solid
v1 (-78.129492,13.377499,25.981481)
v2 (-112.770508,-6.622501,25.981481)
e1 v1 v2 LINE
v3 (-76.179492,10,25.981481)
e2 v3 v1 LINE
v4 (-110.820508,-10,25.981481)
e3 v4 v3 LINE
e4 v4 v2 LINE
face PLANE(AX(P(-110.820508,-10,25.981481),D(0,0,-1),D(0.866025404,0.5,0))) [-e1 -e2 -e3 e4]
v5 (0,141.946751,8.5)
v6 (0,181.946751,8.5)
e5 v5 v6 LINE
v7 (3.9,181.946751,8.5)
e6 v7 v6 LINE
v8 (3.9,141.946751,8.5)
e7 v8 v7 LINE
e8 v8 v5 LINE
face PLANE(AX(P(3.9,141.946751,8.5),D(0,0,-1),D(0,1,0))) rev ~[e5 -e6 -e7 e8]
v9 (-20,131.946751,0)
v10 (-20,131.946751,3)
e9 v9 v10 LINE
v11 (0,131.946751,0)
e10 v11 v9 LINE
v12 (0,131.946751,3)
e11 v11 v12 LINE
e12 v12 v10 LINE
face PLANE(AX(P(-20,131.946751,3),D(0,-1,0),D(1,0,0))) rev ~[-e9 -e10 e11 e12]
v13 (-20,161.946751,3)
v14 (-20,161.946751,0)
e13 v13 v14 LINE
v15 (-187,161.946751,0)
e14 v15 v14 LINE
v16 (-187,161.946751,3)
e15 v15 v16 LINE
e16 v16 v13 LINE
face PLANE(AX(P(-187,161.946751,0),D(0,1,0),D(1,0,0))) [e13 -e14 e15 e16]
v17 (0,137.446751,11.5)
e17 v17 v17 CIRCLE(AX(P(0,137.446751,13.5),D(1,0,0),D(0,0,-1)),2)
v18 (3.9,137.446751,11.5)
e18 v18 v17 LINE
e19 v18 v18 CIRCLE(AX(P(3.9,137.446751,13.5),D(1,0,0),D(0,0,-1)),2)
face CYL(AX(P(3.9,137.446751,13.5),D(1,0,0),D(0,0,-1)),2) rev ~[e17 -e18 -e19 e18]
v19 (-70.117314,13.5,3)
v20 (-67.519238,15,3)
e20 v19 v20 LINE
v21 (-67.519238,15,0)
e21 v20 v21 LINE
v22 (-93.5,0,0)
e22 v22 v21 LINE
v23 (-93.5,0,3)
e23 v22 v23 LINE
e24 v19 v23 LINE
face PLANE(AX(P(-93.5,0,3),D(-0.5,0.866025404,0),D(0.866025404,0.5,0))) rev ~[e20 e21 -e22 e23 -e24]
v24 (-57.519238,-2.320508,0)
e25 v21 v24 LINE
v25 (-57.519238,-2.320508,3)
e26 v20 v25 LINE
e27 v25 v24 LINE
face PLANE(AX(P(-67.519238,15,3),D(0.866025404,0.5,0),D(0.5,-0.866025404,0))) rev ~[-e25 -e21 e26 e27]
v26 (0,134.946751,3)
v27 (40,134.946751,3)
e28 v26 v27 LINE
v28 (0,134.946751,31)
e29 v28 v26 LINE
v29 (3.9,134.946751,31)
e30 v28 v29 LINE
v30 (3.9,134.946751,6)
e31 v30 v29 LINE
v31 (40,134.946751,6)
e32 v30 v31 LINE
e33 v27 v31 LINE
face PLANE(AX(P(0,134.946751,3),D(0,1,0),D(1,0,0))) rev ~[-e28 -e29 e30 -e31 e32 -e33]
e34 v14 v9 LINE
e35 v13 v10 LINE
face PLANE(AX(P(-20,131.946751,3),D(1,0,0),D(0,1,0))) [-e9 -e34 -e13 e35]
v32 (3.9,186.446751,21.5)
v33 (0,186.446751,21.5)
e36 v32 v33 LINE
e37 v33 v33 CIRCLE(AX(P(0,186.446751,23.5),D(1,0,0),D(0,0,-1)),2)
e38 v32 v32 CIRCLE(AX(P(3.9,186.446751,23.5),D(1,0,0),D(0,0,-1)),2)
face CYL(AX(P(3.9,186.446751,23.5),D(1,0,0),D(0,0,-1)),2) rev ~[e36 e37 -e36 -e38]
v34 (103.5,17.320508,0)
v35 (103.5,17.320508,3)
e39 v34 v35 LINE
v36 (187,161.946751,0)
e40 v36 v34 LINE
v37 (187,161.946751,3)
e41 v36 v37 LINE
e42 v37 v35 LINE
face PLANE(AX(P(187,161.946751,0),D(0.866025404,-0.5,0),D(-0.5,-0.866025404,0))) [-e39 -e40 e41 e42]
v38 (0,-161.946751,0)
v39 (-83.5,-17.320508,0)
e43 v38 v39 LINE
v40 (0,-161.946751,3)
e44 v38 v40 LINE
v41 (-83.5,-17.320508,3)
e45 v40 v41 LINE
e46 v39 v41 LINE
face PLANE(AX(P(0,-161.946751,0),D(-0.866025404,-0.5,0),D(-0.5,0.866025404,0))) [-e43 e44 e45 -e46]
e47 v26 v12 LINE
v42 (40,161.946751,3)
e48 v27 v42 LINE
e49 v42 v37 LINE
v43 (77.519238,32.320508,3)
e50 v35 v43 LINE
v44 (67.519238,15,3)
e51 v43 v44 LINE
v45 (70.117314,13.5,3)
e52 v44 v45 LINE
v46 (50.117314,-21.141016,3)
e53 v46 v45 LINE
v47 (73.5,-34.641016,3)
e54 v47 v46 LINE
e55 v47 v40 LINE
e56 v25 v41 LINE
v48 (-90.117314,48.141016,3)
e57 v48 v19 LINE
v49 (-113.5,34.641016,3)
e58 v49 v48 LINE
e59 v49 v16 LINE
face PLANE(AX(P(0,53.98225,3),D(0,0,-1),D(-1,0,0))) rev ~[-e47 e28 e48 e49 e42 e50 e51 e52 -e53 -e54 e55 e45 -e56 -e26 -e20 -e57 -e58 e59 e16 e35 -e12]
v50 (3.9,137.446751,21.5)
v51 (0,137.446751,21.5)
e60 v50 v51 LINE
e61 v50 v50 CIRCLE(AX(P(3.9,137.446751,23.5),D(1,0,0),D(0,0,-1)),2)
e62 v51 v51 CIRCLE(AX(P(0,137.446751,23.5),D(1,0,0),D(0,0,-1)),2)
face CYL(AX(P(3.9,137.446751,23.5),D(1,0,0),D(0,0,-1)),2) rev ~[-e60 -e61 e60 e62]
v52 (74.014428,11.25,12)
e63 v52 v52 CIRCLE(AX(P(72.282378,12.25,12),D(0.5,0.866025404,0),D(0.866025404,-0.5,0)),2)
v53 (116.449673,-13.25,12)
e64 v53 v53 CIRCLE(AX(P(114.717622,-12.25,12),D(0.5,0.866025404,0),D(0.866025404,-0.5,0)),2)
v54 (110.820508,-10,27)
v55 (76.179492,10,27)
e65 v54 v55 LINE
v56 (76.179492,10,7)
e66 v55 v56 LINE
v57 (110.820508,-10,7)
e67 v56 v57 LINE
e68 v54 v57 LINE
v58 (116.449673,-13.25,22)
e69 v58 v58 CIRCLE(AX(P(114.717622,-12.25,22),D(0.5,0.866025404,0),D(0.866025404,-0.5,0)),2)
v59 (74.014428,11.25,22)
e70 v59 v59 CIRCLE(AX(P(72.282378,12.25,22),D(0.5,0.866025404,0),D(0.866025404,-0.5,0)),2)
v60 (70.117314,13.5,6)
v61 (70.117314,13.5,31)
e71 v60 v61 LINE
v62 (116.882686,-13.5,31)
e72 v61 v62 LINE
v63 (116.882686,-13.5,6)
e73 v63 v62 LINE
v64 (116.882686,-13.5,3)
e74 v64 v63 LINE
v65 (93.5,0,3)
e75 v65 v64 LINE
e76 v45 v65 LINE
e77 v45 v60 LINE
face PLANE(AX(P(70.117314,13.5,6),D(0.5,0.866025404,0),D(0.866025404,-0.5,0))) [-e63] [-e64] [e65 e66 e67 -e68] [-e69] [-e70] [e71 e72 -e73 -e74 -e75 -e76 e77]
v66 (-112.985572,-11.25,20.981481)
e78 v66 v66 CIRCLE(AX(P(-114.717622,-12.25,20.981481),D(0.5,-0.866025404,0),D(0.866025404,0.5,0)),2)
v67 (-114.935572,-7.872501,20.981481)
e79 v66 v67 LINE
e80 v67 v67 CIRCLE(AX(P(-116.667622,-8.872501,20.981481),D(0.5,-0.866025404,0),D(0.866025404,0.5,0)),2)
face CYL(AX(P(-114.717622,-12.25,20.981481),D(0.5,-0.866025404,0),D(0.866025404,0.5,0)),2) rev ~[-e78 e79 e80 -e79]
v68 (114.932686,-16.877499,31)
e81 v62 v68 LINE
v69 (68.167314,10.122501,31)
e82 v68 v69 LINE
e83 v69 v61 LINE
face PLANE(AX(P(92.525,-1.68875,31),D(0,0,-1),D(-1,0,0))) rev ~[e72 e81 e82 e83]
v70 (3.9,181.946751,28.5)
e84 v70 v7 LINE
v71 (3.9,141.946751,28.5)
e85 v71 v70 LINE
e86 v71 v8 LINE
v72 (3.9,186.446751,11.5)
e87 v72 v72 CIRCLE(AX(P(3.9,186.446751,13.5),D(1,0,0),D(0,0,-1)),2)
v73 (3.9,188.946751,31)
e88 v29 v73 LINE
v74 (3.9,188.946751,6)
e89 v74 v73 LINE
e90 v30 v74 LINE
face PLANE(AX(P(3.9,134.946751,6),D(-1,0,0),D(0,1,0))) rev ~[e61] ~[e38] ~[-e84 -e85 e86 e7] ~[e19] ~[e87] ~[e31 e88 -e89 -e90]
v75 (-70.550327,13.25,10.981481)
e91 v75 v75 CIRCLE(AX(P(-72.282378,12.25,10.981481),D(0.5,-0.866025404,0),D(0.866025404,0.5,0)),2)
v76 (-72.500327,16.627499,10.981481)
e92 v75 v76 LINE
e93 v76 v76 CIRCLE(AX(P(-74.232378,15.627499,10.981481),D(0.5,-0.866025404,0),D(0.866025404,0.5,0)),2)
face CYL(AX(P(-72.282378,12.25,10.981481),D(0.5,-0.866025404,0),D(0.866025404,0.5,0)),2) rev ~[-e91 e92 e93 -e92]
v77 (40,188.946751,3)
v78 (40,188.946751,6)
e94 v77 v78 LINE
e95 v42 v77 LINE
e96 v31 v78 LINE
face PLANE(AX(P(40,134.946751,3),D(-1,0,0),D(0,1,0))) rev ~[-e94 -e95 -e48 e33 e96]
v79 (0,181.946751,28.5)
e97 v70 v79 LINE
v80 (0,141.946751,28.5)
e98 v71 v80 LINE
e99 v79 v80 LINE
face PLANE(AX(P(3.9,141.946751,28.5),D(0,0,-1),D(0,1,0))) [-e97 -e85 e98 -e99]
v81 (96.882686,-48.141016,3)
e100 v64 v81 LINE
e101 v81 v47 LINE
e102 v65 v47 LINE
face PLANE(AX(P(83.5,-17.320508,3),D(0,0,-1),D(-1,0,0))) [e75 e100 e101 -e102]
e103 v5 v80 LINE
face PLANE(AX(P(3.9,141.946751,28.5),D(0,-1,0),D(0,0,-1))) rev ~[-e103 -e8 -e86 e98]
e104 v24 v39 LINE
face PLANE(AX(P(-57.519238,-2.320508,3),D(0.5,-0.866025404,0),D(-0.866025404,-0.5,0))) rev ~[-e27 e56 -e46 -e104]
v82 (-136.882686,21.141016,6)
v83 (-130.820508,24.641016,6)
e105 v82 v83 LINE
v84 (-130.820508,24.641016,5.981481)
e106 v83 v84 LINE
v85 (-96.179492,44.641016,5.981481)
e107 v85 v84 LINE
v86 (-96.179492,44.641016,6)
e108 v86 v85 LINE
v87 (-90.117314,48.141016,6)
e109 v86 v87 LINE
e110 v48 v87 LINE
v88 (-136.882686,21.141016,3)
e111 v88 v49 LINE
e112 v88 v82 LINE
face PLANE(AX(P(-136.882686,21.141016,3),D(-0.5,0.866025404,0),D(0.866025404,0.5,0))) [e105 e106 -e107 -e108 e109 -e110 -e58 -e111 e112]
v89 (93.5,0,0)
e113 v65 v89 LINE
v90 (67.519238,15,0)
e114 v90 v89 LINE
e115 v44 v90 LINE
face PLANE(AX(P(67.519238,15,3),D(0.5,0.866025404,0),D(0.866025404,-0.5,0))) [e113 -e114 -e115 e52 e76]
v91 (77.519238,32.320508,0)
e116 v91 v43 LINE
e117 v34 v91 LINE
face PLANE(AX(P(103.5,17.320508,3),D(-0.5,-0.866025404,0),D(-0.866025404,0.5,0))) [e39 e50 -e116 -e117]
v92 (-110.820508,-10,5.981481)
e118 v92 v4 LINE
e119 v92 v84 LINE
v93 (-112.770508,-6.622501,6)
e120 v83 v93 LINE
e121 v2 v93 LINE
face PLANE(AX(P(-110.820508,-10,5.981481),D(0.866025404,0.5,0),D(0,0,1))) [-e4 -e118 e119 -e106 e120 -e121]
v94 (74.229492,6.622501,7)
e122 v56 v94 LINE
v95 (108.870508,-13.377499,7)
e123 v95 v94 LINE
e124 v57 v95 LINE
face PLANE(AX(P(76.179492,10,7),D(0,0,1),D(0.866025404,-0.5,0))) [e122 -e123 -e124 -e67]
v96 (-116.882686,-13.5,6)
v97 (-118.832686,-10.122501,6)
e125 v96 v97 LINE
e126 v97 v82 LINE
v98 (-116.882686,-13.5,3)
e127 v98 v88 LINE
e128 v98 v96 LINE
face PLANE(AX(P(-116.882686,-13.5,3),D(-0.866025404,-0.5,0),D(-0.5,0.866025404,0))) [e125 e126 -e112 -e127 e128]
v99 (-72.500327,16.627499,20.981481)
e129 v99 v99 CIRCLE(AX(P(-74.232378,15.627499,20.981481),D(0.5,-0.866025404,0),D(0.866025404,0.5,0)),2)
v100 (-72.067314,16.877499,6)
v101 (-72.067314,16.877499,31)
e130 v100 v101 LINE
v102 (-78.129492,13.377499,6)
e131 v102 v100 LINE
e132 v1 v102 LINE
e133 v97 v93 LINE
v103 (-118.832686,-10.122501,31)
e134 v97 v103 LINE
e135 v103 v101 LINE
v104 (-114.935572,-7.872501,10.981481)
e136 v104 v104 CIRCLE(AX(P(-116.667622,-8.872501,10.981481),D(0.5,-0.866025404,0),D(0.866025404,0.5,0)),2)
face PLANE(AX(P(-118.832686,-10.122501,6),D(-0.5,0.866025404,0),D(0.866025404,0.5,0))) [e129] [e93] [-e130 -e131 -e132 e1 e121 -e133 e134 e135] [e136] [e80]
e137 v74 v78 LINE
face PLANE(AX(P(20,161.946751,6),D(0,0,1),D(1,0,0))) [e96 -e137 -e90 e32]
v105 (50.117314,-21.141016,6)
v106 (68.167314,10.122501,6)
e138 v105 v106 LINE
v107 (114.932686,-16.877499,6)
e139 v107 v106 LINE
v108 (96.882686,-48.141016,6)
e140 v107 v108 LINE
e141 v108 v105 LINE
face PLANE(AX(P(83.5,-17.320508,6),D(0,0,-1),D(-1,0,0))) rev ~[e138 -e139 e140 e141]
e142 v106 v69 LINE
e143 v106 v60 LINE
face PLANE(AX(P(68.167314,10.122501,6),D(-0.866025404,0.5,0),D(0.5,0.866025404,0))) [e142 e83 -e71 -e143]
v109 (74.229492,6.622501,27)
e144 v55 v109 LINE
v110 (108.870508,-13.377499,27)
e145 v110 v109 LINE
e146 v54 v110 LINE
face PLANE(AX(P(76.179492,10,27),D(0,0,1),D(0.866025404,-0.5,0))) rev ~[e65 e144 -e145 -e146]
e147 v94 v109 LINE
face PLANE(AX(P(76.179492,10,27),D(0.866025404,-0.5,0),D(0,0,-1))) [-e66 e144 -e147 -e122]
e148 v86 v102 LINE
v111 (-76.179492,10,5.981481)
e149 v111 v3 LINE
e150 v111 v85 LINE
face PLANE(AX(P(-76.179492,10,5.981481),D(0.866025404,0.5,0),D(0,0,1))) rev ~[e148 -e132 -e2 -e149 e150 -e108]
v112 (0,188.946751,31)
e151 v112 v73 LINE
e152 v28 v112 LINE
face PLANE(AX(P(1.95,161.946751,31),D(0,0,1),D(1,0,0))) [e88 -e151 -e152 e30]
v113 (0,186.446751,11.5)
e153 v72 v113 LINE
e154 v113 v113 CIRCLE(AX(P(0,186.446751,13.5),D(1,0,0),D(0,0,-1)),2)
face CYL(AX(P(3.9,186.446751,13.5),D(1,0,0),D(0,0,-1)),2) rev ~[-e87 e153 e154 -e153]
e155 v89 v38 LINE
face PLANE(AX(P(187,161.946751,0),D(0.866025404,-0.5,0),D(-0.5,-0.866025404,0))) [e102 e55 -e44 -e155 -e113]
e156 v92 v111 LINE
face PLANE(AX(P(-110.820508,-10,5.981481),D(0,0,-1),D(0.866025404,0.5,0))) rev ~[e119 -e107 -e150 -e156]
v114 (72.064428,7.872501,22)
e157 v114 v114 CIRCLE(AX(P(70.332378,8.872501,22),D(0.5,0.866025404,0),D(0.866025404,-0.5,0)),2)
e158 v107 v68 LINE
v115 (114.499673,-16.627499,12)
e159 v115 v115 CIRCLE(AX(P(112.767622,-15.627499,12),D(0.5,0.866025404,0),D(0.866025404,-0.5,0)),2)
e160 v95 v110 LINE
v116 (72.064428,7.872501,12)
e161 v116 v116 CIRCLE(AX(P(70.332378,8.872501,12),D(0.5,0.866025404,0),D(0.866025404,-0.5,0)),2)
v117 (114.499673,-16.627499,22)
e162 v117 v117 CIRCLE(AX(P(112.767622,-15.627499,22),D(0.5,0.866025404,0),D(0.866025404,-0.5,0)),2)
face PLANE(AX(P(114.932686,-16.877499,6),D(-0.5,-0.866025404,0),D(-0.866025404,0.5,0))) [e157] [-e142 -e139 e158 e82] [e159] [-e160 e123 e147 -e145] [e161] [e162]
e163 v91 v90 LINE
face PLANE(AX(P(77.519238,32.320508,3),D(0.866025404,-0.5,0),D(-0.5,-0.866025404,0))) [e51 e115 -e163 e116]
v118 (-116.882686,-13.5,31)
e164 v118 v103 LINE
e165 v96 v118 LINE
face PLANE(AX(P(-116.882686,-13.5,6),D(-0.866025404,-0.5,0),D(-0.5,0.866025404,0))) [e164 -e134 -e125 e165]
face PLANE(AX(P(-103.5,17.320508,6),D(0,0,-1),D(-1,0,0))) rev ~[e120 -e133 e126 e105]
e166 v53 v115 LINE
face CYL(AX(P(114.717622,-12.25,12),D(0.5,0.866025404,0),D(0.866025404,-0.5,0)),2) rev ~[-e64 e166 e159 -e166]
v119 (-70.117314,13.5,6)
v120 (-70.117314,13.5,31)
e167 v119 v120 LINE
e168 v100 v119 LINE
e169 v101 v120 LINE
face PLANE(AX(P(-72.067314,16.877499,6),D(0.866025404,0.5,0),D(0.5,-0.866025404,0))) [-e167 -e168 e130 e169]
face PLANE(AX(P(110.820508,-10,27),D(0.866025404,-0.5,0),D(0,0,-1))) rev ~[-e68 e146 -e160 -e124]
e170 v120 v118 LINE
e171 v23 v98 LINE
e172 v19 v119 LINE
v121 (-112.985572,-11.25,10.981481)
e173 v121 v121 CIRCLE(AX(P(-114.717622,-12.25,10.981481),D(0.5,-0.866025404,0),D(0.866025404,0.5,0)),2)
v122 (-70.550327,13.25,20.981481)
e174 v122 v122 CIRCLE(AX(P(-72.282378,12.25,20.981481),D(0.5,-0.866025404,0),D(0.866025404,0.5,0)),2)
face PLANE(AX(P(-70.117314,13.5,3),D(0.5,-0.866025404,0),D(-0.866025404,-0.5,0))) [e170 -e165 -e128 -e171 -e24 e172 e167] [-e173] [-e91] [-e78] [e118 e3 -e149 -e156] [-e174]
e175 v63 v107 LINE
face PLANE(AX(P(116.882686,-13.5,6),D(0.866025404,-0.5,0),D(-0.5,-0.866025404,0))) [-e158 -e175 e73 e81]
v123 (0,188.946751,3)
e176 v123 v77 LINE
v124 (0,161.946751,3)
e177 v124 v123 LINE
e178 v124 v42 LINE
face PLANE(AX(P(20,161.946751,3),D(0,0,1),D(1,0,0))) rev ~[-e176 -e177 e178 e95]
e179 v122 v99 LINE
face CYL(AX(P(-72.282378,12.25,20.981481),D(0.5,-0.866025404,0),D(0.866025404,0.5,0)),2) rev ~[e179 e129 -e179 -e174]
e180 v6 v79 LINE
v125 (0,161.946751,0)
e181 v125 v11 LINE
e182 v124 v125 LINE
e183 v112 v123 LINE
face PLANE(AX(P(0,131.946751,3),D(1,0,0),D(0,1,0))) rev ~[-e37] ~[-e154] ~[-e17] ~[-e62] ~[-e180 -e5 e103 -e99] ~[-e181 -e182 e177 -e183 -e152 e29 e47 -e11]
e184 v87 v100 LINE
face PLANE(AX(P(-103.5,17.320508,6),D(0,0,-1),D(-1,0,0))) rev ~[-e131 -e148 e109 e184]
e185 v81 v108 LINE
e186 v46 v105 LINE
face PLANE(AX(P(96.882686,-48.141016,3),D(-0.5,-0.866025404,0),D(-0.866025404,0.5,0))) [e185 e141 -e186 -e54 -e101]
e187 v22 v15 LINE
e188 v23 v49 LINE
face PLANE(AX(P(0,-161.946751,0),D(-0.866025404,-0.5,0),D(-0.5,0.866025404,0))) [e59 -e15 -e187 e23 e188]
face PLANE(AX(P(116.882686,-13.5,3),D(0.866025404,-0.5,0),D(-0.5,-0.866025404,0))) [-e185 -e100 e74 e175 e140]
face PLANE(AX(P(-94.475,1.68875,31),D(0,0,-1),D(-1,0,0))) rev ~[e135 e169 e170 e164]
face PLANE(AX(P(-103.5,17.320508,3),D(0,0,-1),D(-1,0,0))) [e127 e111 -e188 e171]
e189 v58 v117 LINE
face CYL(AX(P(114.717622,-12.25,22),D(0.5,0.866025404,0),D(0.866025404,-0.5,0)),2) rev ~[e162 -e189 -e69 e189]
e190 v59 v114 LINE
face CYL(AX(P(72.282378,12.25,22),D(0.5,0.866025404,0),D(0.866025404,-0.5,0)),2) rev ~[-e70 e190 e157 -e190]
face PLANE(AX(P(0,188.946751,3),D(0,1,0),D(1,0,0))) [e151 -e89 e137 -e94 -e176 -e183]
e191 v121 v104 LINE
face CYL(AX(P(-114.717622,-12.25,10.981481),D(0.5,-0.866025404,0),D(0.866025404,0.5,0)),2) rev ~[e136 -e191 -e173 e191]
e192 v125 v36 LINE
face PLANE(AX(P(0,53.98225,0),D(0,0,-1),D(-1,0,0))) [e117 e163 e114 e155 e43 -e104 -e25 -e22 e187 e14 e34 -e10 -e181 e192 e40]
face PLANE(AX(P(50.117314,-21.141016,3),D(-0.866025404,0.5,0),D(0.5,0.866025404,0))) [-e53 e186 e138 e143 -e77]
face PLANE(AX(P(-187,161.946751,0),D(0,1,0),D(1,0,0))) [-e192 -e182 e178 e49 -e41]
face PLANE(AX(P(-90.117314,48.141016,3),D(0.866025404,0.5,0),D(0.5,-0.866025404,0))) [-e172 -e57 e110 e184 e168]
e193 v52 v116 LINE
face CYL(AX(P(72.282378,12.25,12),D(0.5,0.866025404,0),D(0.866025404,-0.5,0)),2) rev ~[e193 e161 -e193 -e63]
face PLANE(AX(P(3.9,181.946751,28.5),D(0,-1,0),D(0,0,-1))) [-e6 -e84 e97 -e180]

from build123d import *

# Parameters (mm, degrees)
BOSS_EXTRUDE1_DEPTH     = 3
SKETCH4_W               = 40
SKETCH4_H               = 54
BOSS_EXTRUDE2_DEPTH     = 3
SKETCH11_W              = 3.9
SKETCH11_H              = 54
BOSS_EXTRUDE3_DEPTH     = 25
SKETCH16_R              = 2
SKETCH16_W              = 20
SKETCH16_H              = 40
CUT_EXTRUDE2_DEPTH      = 184.1
CUT_EXTRUDE2_DEPTH_BACK = 191.9
SKETCH13_R              = 2
SKETCH13_W              = 40
SKETCH13_H              = 20
CUT_EXTRUDE3_DEPTH      = 211.382685902
CUT_EXTRUDE3_DEPTH_BACK = 281.5
SKETCH12_R              = 2
SKETCH12_W              = 40
SKETCH12_H              = 20
CUT_EXTRUDE4_DEPTH      = 281.5
CUT_EXTRUDE4_DEPTH_BACK = 211.382685902
SKETCH17_W              = 20
SKETCH17_H              = 30
CUT_EXTRUDE5_DEPTH      = 80


with BuildPart() as part:
    # Sketch2 → Boss-Extrude1 (new body)
    with BuildSketch(Plane.XY):
        Polygon((-187, 161.946750508), (187, 161.946750508), (0, -161.946750508), align=None)
    extrude(amount=BOSS_EXTRUDE1_DEPTH)

    # Sketch4 → Boss-Extrude2 (add)
    with BuildSketch(Plane.XY.offset(3)):
        Polygon((116.882685902, -13.5), (96.882685902, -48.141016151), (50.117314098, -21.141016151), (70.117314098, 13.5), align=None)
        Polygon((-116.882685902, -13.5), (-136.882685902, 21.141016151), (-90.117314098, 48.141016151), (-70.117314098, 13.5), align=None)
        with Locations((20, 161.946750508)):
            Rectangle(SKETCH4_W, SKETCH4_H)
    extrude(amount=BOSS_EXTRUDE2_DEPTH)

    # Sketch11 → Boss-Extrude3 (add)
    with BuildSketch(Plane.XY.offset(6)):
        Polygon((116.882685902, -13.5), (114.932685902, -16.877499075), (68.167314098, 10.122500925), (70.117314098, 13.5), align=None)
        Polygon((-116.882685902, -13.5), (-118.832685902, -10.122500925), (-72.067314098, 16.877499075), (-70.117314098, 13.5), align=None)
        with Locations((1.95, 161.946750508)):
            Rectangle(SKETCH11_W, SKETCH11_H)
    extrude(amount=BOSS_EXTRUDE3_DEPTH)

    # Sketch16 → Cut-Extrude2 (cut, two sides)
    with BuildSketch(Plane(origin=(3.9, 0, 0), x_dir=(0, 0, -1), z_dir=(1, 0, 0))) as cut_extrude2_sk:
        with Locations((-13.5, 186.446750508)):
            Circle(SKETCH16_R)
        with Locations((-23.5, 186.446750508)):
            Circle(SKETCH16_R)
        with Locations((-23.5, 137.446750508)):
            Circle(SKETCH16_R)
        with Locations((-13.5, 137.446750508)):
            Circle(SKETCH16_R)
        with Locations((-18.5, 161.946750508)):
            Rectangle(SKETCH16_W, SKETCH16_H)
    extrude(amount=CUT_EXTRUDE2_DEPTH, mode=Mode.SUBTRACT)
    extrude(cut_extrude2_sk.sketch, amount=-CUT_EXTRUDE2_DEPTH_BACK, mode=Mode.SUBTRACT)

    # Sketch13 → Cut-Extrude3 (cut, two sides)
    with BuildSketch(Plane(origin=(23.375, 40.486687627, 0), x_dir=(0.866025404, -0.5, 0), z_dir=(0.5, 0.866025404, 0))) as cut_extrude3_sk:
        with Locations((105.473375254, -22)):
            Circle(SKETCH13_R)
        with Locations((105.473375254, -12)):
            Circle(SKETCH13_R)
        with Locations((56.473375254, -12)):
            Circle(SKETCH13_R)
        with Locations((56.473375254, -22)):
            Circle(SKETCH13_R)
        with Locations((80.973375254, -17)):
            Rectangle(SKETCH13_W, SKETCH13_H)
    extrude(amount=CUT_EXTRUDE3_DEPTH, mode=Mode.SUBTRACT)
    extrude(cut_extrude3_sk.sketch, amount=-CUT_EXTRUDE3_DEPTH_BACK, mode=Mode.SUBTRACT)

    # Sketch12 → Cut-Extrude4 (cut, two sides)
    with BuildSketch(Plane(origin=(-23.375, 40.486687627, 0), x_dir=(0.866025404, 0.5, 0), z_dir=(0.5, -0.866025404, 0))) as cut_extrude4_sk:
        with Locations((-56.473375254, 10.981481481)):
            Circle(SKETCH12_R)
        with Locations((-56.473375254, 20.981481481)):
            Circle(SKETCH12_R)
        with Locations((-105.473375254, 20.981481481)):
            Circle(SKETCH12_R)
        with Locations((-105.473375254, 10.981481481)):
            Circle(SKETCH12_R)
        with Locations((-80.973375254, 15.981481481)):
            Rectangle(SKETCH12_W, SKETCH12_H)
    extrude(amount=CUT_EXTRUDE4_DEPTH, mode=Mode.SUBTRACT)
    extrude(cut_extrude4_sk.sketch, amount=-CUT_EXTRUDE4_DEPTH_BACK, mode=Mode.SUBTRACT)

    # Sketch17 → Cut-Extrude5 (cut, symmetric)
    with BuildSketch(Plane.XY.offset(3)):
        Polygon((-93.5, 0), (-67.519237886, 15), (-57.519237886, -2.320508076), (-83.5, -17.320508076), align=None)
        Polygon((93.5, 0), (103.5, 17.320508076), (77.519237886, 32.320508076), (67.519237886, 15), align=None)
        with Locations((-10, 146.946750508)):
            Rectangle(SKETCH17_W, SKETCH17_H)
    extrude(amount=CUT_EXTRUDE5_DEPTH, both=True, mode=Mode.SUBTRACT)


solid = part.part
